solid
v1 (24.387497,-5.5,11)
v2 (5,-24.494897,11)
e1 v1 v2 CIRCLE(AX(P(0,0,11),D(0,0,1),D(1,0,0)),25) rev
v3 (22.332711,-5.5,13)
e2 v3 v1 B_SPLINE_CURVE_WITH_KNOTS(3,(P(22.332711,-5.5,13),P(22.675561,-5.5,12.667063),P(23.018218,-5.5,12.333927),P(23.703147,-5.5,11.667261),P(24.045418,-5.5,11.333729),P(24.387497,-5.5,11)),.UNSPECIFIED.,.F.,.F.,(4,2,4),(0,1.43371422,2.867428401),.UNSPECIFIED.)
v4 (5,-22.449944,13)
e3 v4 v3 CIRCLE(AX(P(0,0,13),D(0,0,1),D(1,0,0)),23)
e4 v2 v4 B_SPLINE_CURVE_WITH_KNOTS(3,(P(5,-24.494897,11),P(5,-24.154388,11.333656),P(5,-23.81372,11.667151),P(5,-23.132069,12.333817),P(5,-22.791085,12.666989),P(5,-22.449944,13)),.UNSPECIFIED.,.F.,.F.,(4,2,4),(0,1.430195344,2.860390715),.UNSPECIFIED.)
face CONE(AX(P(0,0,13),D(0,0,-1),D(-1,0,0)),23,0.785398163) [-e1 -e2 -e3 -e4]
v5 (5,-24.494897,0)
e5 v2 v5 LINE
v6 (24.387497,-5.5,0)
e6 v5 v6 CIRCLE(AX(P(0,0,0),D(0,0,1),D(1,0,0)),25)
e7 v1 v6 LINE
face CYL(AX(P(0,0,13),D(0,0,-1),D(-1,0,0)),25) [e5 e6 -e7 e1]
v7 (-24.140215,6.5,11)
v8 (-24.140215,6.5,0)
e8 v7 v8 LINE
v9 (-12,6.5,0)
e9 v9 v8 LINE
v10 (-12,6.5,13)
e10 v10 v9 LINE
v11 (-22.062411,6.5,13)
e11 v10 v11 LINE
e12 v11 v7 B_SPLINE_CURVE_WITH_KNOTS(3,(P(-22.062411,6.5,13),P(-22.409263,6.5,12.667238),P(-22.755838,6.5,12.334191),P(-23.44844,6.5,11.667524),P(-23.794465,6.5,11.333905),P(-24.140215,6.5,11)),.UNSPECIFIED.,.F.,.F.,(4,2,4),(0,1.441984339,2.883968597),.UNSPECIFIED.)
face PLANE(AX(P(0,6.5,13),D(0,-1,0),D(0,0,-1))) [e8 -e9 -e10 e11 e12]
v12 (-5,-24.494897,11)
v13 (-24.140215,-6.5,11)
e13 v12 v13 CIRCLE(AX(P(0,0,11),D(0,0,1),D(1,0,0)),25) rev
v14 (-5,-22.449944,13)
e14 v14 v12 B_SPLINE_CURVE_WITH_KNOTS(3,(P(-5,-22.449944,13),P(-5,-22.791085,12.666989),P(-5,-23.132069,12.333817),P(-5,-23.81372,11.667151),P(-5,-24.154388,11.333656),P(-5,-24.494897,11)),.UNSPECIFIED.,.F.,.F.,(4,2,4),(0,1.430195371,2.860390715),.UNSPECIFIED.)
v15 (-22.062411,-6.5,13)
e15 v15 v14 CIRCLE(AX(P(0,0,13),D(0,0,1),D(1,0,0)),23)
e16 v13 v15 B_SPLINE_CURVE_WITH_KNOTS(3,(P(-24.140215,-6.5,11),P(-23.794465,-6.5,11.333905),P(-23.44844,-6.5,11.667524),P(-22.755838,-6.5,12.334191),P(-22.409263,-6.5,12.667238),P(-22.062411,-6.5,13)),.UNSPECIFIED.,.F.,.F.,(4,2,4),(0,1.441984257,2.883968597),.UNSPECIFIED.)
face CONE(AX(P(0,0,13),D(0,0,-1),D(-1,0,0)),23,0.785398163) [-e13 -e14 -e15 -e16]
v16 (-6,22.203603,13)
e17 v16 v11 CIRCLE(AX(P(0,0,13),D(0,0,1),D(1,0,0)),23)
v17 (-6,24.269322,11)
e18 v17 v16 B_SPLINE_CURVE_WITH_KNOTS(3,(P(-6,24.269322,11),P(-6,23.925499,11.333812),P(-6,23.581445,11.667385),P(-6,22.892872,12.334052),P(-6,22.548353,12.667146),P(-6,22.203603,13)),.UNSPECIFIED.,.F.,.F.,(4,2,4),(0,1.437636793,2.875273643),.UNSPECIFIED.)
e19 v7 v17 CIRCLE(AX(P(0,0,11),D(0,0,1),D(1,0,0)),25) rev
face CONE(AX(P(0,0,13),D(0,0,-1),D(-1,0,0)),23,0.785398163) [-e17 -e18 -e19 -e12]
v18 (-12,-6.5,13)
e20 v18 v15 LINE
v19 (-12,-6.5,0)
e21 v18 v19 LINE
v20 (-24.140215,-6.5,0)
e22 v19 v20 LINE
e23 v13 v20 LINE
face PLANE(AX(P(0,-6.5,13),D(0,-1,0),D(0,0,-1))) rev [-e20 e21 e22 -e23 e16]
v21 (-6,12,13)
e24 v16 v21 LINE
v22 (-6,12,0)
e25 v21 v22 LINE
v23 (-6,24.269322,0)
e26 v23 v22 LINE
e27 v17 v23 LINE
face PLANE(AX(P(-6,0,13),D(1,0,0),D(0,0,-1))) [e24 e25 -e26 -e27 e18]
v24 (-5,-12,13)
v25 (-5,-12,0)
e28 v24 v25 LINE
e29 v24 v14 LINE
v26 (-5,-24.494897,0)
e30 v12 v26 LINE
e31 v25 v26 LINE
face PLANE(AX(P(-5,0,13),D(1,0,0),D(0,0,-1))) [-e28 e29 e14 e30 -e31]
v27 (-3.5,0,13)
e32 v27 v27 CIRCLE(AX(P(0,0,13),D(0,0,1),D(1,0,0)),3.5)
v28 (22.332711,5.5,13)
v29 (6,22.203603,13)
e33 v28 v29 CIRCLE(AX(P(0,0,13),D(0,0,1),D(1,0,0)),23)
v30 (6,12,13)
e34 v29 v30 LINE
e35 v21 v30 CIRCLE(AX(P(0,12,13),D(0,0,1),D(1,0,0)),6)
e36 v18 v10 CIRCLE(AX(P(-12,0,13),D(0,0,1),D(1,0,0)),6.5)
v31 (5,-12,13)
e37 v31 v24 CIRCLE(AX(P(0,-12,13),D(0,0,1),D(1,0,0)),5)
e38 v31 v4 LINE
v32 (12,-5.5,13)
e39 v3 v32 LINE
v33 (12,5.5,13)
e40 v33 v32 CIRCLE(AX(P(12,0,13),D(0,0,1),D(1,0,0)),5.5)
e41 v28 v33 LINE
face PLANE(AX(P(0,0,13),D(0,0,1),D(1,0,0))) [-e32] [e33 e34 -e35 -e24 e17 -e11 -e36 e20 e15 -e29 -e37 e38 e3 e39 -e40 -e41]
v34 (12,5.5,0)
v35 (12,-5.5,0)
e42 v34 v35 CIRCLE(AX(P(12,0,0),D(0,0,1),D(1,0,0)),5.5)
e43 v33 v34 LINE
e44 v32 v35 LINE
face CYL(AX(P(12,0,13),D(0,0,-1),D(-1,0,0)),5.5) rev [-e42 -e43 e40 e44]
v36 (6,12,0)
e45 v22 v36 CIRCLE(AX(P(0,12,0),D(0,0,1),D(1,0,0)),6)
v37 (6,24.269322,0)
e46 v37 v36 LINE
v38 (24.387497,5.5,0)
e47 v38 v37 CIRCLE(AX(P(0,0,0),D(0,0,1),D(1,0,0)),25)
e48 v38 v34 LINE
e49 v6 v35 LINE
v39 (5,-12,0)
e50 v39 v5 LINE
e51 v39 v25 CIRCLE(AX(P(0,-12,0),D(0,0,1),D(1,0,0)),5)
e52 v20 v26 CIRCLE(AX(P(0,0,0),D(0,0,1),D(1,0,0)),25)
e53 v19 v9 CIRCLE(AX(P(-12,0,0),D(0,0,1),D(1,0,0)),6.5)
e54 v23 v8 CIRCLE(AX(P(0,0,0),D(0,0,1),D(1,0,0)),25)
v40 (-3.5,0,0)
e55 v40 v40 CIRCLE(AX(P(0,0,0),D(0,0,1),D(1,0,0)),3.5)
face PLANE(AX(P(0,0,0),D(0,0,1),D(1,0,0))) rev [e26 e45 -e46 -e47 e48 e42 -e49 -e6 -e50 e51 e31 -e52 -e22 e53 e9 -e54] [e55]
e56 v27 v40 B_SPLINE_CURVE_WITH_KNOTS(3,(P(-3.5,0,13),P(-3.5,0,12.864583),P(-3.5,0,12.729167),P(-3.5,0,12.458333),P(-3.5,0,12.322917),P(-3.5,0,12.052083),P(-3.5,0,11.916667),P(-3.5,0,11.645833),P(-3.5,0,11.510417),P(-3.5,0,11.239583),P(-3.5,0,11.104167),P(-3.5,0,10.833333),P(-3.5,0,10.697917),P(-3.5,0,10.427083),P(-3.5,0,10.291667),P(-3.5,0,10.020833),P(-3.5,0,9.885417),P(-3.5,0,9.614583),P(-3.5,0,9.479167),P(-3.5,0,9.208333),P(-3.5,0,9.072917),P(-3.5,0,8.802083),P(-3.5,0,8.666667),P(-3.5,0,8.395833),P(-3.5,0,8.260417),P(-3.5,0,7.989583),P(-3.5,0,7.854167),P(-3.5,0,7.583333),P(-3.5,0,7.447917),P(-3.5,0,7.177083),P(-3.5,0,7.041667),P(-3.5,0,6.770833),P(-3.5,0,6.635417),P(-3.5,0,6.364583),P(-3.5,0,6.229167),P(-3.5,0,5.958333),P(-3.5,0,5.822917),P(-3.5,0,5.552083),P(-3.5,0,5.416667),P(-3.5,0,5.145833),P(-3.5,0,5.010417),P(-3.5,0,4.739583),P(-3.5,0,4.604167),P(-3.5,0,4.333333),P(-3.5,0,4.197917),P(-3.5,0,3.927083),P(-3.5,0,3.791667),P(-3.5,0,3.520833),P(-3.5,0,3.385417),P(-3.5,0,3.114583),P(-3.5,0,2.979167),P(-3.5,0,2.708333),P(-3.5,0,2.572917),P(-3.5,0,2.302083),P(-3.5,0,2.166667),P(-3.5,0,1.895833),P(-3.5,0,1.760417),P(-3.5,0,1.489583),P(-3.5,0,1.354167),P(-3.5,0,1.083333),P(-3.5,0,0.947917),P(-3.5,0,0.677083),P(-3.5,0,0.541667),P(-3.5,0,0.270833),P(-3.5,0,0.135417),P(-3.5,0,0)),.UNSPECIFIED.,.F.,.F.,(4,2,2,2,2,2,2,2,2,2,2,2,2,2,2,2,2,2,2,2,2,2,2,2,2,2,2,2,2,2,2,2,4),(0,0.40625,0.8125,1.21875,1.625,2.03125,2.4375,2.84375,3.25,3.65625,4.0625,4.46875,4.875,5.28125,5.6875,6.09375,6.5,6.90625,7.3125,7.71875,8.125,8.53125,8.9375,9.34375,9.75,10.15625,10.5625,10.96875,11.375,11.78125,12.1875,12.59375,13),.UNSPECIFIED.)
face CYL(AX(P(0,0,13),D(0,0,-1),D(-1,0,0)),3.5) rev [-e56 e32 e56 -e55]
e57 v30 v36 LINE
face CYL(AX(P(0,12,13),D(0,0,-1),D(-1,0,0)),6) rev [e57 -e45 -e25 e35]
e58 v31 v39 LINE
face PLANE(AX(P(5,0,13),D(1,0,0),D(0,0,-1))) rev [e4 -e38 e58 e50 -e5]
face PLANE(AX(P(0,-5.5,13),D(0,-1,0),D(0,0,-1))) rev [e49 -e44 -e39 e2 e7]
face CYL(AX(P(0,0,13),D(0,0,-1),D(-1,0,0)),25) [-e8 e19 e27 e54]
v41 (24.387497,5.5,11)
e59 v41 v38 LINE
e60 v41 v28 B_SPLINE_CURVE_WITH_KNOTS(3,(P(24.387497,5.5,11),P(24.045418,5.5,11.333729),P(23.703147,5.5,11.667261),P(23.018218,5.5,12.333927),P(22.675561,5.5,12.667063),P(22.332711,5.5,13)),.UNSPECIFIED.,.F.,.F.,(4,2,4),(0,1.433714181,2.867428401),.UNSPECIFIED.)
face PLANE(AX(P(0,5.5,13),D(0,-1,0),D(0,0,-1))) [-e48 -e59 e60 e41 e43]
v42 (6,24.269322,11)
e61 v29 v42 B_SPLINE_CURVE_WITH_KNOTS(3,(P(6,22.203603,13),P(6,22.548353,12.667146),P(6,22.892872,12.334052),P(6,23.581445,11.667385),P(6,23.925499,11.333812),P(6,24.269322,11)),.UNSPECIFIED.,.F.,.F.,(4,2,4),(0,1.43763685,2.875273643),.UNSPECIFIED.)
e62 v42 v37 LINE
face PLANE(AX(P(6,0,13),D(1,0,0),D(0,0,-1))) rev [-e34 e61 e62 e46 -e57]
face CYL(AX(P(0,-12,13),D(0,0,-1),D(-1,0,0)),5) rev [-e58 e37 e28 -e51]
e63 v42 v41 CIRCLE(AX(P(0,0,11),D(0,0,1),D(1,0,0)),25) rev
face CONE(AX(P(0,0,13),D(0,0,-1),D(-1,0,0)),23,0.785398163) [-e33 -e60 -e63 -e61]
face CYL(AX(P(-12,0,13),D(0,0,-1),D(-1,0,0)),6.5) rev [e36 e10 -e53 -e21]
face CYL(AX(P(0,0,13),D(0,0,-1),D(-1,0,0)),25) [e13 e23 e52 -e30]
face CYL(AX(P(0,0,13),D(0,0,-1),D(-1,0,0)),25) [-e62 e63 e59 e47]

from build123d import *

# Parameters (mm, degrees)
SKETCH1_R           = 3.5
BOSS_EXTRUDE1_DEPTH = 13
CHAMFER1_SIZE       = 2


with BuildPart() as part:
    # Sketch1 → Boss-Extrude1 (new body)
    with BuildSketch(Plane.XY):
        with BuildLine():
            ThreePointArc((24.387496797, 5.5), (17.858383307, 17.495089187), (6, 24.269322199))
            Line((6, 24.269322199), (6, 12))
            ThreePointArc((6, 12), (0, 6), (-6, 12))
            Line((-6, 12), (-6, 24.269322199))
            ThreePointArc((-6, 24.269322199), (-17.494151854, 17.859301524), (-24.140215409, 6.5))
            Line((-24.140215409, 6.5), (-12, 6.5))
            ThreePointArc((-12, 6.5), (-5.5, 0), (-12, -6.5))
            Line((-12, -6.5), (-24.140215409, -6.5))
            ThreePointArc((-24.140215409, -6.5), (-17.124313764, -18.214221864), (-5, -24.494897428))
            Line((-5, -24.494897428), (-5, -12))
            ThreePointArc((-5, -12), (0, -7), (5, -12))
            Line((5, -12), (5, -24.494897428))
            ThreePointArc((5, -24.494897428), (17.49593593, -17.85755375), (24.387496797, -5.5))
            Line((24.387496797, -5.5), (12, -5.5))
            ThreePointArc((12, -5.5), (6.5, 0), (12, 5.5))
            Line((12, 5.5), (24.387496797, 5.5))
        make_face()
        with Locations(Location((0, 0, 0), (0, 0, 180))):
            Circle(SKETCH1_R, mode=Mode.SUBTRACT)
    extrude(amount=BOSS_EXTRUDE1_DEPTH)

    # Chamfer1
    chamfer1_edges = [part.edges().sort_by_distance(p)[0] for p in [
        (17.49593593, -17.85755375, 13),
        (17.858383307, 17.495089187, 13),
        (-17.494151854, 17.859301524, 13),
        (-17.124313764, -18.214221864, 13),
    ]]
    chamfer(chamfer1_edges, length=CHAMFER1_SIZE)


solid = part.part
